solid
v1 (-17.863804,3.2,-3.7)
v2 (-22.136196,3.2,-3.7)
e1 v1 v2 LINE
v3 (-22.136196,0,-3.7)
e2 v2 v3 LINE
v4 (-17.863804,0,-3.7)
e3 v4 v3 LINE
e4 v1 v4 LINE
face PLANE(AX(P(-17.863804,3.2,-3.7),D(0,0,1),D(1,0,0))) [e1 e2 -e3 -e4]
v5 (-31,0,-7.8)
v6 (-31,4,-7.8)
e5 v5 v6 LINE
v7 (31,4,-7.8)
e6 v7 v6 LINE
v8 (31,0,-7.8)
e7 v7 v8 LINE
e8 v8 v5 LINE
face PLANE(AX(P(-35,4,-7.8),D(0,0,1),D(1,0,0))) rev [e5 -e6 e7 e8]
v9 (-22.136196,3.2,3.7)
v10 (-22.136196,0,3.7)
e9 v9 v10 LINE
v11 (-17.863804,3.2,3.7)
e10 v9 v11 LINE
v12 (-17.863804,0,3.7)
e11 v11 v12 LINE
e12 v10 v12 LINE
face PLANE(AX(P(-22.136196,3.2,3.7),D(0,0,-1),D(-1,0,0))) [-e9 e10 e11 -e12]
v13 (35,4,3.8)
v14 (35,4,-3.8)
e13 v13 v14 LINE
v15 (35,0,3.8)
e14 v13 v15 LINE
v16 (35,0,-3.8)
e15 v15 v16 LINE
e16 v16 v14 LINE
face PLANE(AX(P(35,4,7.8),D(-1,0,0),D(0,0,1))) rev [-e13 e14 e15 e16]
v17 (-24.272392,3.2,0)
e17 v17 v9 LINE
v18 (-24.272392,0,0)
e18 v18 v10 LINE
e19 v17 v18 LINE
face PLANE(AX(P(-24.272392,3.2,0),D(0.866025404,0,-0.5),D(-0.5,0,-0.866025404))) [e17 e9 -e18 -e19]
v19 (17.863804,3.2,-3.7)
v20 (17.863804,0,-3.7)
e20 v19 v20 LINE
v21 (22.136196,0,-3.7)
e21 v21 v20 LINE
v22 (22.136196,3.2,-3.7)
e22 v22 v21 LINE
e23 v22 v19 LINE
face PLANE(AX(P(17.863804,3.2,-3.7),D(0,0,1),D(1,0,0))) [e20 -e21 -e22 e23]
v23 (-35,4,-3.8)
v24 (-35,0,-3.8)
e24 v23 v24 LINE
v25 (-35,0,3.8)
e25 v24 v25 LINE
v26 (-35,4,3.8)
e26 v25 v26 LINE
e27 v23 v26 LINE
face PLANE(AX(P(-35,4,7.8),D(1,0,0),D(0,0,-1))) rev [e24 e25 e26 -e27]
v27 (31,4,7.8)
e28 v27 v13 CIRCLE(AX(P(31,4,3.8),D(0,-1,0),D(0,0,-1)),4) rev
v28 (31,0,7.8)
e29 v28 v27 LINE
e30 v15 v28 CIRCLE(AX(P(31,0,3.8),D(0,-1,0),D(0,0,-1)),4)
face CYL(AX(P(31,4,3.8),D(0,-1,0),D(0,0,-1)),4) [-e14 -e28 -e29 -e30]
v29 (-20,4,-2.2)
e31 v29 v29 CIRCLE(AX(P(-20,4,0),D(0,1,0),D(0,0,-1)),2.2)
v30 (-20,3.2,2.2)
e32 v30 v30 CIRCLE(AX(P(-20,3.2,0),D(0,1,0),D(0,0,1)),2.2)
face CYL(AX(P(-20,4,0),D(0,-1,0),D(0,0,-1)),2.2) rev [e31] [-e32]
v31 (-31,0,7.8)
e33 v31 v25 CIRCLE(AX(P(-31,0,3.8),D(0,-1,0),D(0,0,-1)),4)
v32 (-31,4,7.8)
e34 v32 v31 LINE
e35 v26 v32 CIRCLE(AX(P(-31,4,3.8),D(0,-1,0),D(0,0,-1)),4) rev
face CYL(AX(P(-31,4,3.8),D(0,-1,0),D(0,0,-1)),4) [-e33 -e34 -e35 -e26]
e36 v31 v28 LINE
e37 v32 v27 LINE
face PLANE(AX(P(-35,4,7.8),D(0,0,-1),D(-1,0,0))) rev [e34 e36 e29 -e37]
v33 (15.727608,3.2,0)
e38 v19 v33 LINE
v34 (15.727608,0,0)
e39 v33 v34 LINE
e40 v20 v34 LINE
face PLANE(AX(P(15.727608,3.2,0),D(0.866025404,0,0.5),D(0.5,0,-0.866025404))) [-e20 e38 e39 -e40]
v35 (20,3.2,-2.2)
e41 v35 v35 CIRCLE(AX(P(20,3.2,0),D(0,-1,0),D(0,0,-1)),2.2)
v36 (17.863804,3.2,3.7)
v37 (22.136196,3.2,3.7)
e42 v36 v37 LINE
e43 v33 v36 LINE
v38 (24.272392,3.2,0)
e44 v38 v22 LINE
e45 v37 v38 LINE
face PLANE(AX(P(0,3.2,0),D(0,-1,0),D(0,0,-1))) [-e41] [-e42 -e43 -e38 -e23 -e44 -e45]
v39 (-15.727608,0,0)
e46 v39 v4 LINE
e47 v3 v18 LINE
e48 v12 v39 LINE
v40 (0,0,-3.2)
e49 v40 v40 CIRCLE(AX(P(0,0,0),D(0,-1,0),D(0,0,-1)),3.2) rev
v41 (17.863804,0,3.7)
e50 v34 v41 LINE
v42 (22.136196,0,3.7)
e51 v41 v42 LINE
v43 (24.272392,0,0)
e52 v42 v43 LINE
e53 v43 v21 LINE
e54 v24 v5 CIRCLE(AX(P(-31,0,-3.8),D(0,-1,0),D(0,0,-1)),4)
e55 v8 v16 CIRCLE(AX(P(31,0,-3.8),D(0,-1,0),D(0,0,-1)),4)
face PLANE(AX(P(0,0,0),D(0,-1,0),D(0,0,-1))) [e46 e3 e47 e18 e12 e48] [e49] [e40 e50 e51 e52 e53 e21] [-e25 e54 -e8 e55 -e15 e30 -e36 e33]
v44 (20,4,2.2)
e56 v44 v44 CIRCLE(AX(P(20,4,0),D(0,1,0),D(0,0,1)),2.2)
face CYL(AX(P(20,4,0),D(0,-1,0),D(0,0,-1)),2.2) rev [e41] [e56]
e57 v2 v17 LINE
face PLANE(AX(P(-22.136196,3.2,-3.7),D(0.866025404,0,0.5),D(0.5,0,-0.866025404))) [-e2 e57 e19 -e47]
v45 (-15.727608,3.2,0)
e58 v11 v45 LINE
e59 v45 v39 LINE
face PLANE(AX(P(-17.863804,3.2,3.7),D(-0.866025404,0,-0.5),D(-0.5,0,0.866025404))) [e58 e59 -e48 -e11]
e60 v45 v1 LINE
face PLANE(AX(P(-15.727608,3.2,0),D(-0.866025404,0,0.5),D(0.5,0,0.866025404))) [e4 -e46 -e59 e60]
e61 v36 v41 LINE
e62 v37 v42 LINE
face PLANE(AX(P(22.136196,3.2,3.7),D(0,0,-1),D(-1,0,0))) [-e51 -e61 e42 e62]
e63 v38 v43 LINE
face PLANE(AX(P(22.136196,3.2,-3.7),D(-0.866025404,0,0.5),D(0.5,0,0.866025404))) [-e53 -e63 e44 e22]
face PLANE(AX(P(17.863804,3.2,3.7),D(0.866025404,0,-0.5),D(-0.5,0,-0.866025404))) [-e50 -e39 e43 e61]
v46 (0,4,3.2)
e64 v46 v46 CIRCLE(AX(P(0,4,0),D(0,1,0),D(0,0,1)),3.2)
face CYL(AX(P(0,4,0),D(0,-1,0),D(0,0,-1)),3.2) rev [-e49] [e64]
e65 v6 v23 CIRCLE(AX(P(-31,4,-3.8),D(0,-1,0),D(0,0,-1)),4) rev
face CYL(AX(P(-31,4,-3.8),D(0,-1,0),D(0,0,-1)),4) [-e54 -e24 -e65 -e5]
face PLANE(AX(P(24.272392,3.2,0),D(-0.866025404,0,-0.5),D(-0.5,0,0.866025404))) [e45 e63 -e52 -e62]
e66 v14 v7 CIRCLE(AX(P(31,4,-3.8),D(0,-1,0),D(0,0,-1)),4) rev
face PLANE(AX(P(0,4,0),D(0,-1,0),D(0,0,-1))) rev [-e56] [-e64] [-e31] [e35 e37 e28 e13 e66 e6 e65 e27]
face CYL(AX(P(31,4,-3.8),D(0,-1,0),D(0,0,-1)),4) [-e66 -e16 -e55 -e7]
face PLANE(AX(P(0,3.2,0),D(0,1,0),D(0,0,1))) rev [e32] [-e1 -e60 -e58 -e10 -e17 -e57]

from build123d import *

# Parameters (mm, degrees)
CROQUIS1_W                 = 70
CROQUIS1_H                 = 15.6
SALIENTE_EXTRUIR1_DEPTH    = 4
CORTAR_EXTRUIR2_DEPTH      = 37.081019941
CORTAR_EXTRUIR2_DEPTH_BACK = 37.081019941
CROQUIS3_R                 = 3.2
CROQUIS3_R_2               = 2.2
REDONDEO1_R                = 4
CORTAR_EXTRUIR4_DEPTH      = 3.2


with BuildPart() as part:
    # Croquis1 → Saliente-Extruir1 (new body)
    with BuildSketch(Plane(origin=(0, 0, 0), x_dir=(1, 0, 0), z_dir=(0, 1, 0))):
        Rectangle(CROQUIS1_W, CROQUIS1_H)
    extrude(amount=SALIENTE_EXTRUIR1_DEPTH)

    # Croquis3 → Cortar-Extruir2 (cut, two sides: drawn at the far end of the back side and taken through both)
    with BuildSketch(Plane(origin=(0, 0, 0), x_dir=(1, 0, 0), z_dir=(0, 1, 0)).offset(-CORTAR_EXTRUIR2_DEPTH_BACK)):
        with Locations(Location((0, 0, 0), (0, 0, 90))):
            Circle(CROQUIS3_R)
        with Locations(Location((20, 0, 0), (0, 0, 90))):
            Circle(CROQUIS3_R_2)
        with Locations(Location((-20, 0, 0), (0, 0, 90))):
            Circle(CROQUIS3_R_2)
    extrude(amount=CORTAR_EXTRUIR2_DEPTH + CORTAR_EXTRUIR2_DEPTH_BACK, mode=Mode.SUBTRACT)

    # Redondeo1
    redondeo1_edges = [part.edges().sort_by_distance(p)[0] for p in [
        (35, 2, 7.8),
        (-35, 2, 7.8),
        (-35, 2, -7.8),
        (35, 2, -7.8),
    ]]
    fillet(redondeo1_edges, radius=REDONDEO1_R)

    # Croquis5 → Cortar-Extruir4 (cut)
    with BuildSketch(Plane(origin=(0, 0, 0), x_dir=(1, 0, 0), z_dir=(0, 1, 0))):
        Polygon((-15.727608008, 0), (-17.863804004, 3.7), (-22.136195996, 3.7), (-24.272391992, 0), (-22.136195996, -3.7), (-17.863804004, -3.7), align=None)
        Polygon((17.863804004, -3.7), (15.727608008, 0), (17.863804004, 3.7), (22.136195996, 3.7), (24.272391992, 0), (22.136195996, -3.7), align=None)
    extrude(amount=CORTAR_EXTRUIR4_DEPTH, mode=Mode.SUBTRACT)


solid = part.part
